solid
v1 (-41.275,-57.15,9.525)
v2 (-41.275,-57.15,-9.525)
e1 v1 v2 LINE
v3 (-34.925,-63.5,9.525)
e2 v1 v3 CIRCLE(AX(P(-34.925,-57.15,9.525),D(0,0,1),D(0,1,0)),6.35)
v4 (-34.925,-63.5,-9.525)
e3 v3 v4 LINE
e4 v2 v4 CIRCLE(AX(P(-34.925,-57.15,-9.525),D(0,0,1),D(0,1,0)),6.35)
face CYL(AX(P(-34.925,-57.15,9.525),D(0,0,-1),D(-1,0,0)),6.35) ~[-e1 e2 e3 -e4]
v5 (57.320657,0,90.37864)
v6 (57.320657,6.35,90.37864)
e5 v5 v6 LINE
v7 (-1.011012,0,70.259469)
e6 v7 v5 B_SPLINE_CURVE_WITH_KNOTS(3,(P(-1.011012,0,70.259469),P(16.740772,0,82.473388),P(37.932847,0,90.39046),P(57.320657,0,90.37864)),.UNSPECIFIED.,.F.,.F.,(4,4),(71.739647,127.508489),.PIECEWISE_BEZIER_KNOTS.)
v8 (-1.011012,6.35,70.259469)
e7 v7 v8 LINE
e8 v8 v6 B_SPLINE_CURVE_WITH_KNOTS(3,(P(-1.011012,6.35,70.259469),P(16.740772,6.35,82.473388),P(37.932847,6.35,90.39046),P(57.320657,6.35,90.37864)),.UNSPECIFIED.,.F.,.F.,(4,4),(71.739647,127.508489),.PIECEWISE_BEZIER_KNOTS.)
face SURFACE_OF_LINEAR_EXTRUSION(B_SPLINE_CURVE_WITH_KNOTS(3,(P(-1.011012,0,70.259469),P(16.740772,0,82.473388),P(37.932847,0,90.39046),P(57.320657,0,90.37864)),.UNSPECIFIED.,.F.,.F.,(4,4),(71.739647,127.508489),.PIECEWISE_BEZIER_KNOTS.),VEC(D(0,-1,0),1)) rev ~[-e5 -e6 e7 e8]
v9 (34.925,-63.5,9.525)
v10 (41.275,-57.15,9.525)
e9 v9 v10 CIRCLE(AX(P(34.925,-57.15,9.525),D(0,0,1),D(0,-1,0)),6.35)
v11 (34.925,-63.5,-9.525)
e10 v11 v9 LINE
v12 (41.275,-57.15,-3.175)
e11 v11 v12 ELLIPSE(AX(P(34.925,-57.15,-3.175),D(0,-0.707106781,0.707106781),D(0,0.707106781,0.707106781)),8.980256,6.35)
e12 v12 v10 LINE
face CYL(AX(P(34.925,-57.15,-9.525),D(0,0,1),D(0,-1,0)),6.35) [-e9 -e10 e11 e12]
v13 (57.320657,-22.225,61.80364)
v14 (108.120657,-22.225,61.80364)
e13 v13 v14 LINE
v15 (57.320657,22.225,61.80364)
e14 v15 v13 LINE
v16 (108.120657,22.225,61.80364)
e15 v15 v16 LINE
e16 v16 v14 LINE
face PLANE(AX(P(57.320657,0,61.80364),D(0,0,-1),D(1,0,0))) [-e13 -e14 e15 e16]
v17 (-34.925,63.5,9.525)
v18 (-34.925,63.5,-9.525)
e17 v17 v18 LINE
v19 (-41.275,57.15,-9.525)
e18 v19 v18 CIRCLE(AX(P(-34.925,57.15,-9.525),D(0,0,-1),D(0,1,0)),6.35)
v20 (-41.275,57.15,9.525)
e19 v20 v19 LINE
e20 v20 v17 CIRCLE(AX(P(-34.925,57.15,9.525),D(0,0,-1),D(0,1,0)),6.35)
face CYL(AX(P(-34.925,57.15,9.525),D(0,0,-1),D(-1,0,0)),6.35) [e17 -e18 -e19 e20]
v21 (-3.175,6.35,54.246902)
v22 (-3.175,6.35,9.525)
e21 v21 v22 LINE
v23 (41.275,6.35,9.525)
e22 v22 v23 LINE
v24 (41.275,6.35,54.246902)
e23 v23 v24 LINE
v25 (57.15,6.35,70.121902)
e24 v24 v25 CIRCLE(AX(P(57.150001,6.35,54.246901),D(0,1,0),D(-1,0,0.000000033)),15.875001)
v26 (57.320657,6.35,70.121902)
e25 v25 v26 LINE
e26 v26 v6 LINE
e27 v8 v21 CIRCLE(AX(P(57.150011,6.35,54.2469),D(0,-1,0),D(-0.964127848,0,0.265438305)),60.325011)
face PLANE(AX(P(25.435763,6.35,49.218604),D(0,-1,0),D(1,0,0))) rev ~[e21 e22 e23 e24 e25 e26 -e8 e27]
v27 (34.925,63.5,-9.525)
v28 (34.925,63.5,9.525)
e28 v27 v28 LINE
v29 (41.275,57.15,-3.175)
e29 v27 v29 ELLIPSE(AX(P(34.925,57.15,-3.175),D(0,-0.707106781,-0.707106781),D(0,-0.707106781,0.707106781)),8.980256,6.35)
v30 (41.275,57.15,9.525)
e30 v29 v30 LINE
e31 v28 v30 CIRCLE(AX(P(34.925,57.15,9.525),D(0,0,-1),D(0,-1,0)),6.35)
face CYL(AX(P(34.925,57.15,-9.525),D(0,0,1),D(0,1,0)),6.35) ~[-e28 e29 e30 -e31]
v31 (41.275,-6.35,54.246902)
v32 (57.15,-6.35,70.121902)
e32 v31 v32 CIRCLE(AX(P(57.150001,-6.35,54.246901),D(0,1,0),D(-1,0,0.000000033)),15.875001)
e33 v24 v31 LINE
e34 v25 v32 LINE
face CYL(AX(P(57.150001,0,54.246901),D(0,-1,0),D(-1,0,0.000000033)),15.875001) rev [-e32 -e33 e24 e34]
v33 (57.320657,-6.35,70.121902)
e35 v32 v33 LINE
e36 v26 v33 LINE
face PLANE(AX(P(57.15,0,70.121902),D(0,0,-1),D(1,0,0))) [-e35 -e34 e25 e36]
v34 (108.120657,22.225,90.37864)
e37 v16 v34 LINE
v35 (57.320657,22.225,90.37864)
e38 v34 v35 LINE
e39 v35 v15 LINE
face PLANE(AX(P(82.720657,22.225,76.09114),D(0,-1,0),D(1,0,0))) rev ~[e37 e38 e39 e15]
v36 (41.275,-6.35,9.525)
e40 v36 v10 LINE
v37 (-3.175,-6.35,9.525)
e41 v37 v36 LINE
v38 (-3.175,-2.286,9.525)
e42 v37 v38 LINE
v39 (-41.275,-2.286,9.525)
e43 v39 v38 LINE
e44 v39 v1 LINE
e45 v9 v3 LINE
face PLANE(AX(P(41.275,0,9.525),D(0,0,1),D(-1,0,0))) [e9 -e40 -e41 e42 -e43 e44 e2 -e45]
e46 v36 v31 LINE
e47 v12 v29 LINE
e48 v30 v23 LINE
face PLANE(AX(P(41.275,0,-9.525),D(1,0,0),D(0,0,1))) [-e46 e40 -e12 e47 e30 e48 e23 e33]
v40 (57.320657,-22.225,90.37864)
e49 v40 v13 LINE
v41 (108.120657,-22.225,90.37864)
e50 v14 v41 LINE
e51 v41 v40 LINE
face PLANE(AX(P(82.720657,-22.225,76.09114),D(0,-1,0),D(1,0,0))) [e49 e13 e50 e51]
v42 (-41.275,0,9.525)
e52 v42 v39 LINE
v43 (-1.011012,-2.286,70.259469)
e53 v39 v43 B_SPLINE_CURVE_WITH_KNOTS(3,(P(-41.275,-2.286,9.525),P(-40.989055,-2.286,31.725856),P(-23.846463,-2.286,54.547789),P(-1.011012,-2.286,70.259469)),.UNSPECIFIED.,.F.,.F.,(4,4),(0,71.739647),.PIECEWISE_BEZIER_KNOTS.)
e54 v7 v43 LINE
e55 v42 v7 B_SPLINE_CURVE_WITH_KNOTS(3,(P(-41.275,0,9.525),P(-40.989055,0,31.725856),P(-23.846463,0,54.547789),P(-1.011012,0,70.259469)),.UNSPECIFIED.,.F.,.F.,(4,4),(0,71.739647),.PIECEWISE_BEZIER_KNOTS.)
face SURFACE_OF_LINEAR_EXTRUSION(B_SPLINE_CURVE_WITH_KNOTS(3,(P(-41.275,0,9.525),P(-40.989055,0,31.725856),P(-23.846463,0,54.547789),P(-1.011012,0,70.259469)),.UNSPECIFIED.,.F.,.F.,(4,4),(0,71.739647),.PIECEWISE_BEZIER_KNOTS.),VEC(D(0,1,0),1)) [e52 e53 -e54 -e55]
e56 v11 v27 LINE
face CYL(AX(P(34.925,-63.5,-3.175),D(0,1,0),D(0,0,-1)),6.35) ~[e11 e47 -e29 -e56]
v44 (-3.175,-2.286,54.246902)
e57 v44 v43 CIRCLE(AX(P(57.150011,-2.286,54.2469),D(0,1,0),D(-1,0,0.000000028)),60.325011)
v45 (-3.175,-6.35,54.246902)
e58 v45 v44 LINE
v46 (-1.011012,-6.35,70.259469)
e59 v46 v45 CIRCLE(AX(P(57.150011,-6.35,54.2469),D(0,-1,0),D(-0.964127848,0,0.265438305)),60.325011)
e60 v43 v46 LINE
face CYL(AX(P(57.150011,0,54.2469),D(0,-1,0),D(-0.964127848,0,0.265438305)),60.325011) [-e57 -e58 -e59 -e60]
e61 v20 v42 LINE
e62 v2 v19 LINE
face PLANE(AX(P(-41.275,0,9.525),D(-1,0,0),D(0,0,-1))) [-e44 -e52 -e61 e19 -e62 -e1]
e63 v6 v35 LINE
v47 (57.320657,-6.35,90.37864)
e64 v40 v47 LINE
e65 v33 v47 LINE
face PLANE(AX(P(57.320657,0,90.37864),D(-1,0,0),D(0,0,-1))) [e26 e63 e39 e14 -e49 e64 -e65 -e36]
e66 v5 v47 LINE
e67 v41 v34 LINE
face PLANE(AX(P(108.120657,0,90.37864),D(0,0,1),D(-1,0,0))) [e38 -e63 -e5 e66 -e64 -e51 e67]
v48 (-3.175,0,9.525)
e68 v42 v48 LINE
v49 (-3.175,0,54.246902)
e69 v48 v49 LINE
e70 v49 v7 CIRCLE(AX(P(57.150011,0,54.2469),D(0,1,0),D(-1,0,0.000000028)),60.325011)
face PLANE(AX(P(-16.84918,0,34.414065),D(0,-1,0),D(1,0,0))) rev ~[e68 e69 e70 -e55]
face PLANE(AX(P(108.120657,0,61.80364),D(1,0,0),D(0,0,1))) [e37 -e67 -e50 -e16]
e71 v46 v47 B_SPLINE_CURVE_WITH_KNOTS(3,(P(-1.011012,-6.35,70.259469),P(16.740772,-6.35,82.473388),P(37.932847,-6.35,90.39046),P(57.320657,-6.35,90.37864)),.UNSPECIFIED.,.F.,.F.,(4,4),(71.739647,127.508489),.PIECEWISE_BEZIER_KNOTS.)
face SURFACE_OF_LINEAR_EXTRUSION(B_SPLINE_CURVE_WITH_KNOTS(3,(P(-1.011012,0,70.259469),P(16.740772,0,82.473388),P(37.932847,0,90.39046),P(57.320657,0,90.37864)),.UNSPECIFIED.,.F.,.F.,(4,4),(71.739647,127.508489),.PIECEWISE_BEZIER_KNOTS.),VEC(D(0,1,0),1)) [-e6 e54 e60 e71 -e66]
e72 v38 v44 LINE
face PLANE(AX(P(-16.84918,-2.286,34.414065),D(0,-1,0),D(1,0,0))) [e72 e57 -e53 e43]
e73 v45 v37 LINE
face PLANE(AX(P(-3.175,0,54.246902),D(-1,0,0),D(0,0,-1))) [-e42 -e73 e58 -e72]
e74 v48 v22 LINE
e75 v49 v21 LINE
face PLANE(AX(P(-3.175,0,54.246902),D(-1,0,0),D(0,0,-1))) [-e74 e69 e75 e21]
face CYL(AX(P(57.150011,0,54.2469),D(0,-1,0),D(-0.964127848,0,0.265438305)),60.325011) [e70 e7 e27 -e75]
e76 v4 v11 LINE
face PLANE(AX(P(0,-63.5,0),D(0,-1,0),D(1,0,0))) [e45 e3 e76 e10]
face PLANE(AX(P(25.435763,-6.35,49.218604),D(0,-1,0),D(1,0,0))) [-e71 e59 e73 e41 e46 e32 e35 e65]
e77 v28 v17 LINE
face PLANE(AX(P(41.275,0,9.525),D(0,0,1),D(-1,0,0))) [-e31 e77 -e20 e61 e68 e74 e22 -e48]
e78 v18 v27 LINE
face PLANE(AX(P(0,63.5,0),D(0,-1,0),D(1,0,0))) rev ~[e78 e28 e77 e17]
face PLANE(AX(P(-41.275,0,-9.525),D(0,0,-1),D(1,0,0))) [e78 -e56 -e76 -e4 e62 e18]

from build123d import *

# Parameters (mm, degrees)
F1_DEPTH = 63.5
F2_DEPTH = 6.35
F3_DEPTH = 22.225
F4_DEPTH = 2.286
F5_R     = 6.35


with BuildPart() as f1:
    # F0 (on Front) → F1 (new body, symmetric)
    with BuildSketch(Plane.XZ):
        Polygon((41.275, -9.525), (41.275, 9.525), (-3.175, 9.525), (-41.275, 9.525), (-41.275, -9.525), align=None)
    extrude(amount=F1_DEPTH, both=True)

    # F0 (on Front) → F2 (join, symmetric)
    with BuildSketch(Plane.XZ):
        with BuildLine():
            Line((-3.175, 9.525), (41.275, 9.525))
            Line((41.275, 9.525), (41.275, 54.246902))
            ThreePointArc((41.275, 54.246902), (45.92468, 65.472222), (57.15, 70.121902))
            Line((57.15, 70.121902), (57.320657, 70.121902))
            Line((57.320657, 70.121902), (57.320657, 90.37864))
            add(Edge.make_bspline(
                [(-1.011012, 70.259469), (16.740772, 82.473388), (37.932847, 90.39046), (57.320657, 90.37864)],
                knots=[71.739647, 71.739647, 71.739647, 71.739647, 127.508489, 127.508489, 127.508489, 127.508489], degree=3))
            ThreePointArc((-1.011012, 70.259469), (-2.631555, 62.325967), (-3.175, 54.246902))
            Line((-3.175, 54.246902), (-3.175, 9.525))
        make_face()
    extrude(amount=F2_DEPTH, both=True)

    # F0 (on Front) → F3 (join, symmetric)
    with BuildSketch(Plane.XZ):
        Polygon((57.320657, 90.37864), (57.320657, 70.121902), (57.320657, 61.80364), (108.120657, 61.80364), (108.120657, 90.37864), align=None)
    extrude(amount=F3_DEPTH, both=True)

    # F0 (on Front) → F4 (join)
    with BuildSketch(Plane.XZ):
        with BuildLine():
            Line((-41.275, 9.525), (-3.175, 9.525))
            Line((-3.175, 9.525), (-3.175, 54.246902))
            ThreePointArc((-3.175, 54.246902), (-2.631555, 62.325967), (-1.011012, 70.259469))
            add(Edge.make_bspline(
                [(-41.275, 9.525), (-40.989055, 31.725856), (-23.846463, 54.547789), (-1.011012, 70.259469)],
                knots=[0, 0, 0, 0, 71.739647, 71.739647, 71.739647, 71.739647], degree=3))
        make_face()
    extrude(amount=F4_DEPTH)

    # F5
    f5_edges = [f1.edges().sort_by_distance(p)[0] for p in [
        (41.275, 63.5, 0),
        (-41.275, 63.5, 0),
        (41.275, -63.5, 0),
        (-41.275, -63.5, 0),
        (41.275, 0, -9.525),
    ]]
    fillet(f5_edges, radius=F5_R)


solid = f1.part
